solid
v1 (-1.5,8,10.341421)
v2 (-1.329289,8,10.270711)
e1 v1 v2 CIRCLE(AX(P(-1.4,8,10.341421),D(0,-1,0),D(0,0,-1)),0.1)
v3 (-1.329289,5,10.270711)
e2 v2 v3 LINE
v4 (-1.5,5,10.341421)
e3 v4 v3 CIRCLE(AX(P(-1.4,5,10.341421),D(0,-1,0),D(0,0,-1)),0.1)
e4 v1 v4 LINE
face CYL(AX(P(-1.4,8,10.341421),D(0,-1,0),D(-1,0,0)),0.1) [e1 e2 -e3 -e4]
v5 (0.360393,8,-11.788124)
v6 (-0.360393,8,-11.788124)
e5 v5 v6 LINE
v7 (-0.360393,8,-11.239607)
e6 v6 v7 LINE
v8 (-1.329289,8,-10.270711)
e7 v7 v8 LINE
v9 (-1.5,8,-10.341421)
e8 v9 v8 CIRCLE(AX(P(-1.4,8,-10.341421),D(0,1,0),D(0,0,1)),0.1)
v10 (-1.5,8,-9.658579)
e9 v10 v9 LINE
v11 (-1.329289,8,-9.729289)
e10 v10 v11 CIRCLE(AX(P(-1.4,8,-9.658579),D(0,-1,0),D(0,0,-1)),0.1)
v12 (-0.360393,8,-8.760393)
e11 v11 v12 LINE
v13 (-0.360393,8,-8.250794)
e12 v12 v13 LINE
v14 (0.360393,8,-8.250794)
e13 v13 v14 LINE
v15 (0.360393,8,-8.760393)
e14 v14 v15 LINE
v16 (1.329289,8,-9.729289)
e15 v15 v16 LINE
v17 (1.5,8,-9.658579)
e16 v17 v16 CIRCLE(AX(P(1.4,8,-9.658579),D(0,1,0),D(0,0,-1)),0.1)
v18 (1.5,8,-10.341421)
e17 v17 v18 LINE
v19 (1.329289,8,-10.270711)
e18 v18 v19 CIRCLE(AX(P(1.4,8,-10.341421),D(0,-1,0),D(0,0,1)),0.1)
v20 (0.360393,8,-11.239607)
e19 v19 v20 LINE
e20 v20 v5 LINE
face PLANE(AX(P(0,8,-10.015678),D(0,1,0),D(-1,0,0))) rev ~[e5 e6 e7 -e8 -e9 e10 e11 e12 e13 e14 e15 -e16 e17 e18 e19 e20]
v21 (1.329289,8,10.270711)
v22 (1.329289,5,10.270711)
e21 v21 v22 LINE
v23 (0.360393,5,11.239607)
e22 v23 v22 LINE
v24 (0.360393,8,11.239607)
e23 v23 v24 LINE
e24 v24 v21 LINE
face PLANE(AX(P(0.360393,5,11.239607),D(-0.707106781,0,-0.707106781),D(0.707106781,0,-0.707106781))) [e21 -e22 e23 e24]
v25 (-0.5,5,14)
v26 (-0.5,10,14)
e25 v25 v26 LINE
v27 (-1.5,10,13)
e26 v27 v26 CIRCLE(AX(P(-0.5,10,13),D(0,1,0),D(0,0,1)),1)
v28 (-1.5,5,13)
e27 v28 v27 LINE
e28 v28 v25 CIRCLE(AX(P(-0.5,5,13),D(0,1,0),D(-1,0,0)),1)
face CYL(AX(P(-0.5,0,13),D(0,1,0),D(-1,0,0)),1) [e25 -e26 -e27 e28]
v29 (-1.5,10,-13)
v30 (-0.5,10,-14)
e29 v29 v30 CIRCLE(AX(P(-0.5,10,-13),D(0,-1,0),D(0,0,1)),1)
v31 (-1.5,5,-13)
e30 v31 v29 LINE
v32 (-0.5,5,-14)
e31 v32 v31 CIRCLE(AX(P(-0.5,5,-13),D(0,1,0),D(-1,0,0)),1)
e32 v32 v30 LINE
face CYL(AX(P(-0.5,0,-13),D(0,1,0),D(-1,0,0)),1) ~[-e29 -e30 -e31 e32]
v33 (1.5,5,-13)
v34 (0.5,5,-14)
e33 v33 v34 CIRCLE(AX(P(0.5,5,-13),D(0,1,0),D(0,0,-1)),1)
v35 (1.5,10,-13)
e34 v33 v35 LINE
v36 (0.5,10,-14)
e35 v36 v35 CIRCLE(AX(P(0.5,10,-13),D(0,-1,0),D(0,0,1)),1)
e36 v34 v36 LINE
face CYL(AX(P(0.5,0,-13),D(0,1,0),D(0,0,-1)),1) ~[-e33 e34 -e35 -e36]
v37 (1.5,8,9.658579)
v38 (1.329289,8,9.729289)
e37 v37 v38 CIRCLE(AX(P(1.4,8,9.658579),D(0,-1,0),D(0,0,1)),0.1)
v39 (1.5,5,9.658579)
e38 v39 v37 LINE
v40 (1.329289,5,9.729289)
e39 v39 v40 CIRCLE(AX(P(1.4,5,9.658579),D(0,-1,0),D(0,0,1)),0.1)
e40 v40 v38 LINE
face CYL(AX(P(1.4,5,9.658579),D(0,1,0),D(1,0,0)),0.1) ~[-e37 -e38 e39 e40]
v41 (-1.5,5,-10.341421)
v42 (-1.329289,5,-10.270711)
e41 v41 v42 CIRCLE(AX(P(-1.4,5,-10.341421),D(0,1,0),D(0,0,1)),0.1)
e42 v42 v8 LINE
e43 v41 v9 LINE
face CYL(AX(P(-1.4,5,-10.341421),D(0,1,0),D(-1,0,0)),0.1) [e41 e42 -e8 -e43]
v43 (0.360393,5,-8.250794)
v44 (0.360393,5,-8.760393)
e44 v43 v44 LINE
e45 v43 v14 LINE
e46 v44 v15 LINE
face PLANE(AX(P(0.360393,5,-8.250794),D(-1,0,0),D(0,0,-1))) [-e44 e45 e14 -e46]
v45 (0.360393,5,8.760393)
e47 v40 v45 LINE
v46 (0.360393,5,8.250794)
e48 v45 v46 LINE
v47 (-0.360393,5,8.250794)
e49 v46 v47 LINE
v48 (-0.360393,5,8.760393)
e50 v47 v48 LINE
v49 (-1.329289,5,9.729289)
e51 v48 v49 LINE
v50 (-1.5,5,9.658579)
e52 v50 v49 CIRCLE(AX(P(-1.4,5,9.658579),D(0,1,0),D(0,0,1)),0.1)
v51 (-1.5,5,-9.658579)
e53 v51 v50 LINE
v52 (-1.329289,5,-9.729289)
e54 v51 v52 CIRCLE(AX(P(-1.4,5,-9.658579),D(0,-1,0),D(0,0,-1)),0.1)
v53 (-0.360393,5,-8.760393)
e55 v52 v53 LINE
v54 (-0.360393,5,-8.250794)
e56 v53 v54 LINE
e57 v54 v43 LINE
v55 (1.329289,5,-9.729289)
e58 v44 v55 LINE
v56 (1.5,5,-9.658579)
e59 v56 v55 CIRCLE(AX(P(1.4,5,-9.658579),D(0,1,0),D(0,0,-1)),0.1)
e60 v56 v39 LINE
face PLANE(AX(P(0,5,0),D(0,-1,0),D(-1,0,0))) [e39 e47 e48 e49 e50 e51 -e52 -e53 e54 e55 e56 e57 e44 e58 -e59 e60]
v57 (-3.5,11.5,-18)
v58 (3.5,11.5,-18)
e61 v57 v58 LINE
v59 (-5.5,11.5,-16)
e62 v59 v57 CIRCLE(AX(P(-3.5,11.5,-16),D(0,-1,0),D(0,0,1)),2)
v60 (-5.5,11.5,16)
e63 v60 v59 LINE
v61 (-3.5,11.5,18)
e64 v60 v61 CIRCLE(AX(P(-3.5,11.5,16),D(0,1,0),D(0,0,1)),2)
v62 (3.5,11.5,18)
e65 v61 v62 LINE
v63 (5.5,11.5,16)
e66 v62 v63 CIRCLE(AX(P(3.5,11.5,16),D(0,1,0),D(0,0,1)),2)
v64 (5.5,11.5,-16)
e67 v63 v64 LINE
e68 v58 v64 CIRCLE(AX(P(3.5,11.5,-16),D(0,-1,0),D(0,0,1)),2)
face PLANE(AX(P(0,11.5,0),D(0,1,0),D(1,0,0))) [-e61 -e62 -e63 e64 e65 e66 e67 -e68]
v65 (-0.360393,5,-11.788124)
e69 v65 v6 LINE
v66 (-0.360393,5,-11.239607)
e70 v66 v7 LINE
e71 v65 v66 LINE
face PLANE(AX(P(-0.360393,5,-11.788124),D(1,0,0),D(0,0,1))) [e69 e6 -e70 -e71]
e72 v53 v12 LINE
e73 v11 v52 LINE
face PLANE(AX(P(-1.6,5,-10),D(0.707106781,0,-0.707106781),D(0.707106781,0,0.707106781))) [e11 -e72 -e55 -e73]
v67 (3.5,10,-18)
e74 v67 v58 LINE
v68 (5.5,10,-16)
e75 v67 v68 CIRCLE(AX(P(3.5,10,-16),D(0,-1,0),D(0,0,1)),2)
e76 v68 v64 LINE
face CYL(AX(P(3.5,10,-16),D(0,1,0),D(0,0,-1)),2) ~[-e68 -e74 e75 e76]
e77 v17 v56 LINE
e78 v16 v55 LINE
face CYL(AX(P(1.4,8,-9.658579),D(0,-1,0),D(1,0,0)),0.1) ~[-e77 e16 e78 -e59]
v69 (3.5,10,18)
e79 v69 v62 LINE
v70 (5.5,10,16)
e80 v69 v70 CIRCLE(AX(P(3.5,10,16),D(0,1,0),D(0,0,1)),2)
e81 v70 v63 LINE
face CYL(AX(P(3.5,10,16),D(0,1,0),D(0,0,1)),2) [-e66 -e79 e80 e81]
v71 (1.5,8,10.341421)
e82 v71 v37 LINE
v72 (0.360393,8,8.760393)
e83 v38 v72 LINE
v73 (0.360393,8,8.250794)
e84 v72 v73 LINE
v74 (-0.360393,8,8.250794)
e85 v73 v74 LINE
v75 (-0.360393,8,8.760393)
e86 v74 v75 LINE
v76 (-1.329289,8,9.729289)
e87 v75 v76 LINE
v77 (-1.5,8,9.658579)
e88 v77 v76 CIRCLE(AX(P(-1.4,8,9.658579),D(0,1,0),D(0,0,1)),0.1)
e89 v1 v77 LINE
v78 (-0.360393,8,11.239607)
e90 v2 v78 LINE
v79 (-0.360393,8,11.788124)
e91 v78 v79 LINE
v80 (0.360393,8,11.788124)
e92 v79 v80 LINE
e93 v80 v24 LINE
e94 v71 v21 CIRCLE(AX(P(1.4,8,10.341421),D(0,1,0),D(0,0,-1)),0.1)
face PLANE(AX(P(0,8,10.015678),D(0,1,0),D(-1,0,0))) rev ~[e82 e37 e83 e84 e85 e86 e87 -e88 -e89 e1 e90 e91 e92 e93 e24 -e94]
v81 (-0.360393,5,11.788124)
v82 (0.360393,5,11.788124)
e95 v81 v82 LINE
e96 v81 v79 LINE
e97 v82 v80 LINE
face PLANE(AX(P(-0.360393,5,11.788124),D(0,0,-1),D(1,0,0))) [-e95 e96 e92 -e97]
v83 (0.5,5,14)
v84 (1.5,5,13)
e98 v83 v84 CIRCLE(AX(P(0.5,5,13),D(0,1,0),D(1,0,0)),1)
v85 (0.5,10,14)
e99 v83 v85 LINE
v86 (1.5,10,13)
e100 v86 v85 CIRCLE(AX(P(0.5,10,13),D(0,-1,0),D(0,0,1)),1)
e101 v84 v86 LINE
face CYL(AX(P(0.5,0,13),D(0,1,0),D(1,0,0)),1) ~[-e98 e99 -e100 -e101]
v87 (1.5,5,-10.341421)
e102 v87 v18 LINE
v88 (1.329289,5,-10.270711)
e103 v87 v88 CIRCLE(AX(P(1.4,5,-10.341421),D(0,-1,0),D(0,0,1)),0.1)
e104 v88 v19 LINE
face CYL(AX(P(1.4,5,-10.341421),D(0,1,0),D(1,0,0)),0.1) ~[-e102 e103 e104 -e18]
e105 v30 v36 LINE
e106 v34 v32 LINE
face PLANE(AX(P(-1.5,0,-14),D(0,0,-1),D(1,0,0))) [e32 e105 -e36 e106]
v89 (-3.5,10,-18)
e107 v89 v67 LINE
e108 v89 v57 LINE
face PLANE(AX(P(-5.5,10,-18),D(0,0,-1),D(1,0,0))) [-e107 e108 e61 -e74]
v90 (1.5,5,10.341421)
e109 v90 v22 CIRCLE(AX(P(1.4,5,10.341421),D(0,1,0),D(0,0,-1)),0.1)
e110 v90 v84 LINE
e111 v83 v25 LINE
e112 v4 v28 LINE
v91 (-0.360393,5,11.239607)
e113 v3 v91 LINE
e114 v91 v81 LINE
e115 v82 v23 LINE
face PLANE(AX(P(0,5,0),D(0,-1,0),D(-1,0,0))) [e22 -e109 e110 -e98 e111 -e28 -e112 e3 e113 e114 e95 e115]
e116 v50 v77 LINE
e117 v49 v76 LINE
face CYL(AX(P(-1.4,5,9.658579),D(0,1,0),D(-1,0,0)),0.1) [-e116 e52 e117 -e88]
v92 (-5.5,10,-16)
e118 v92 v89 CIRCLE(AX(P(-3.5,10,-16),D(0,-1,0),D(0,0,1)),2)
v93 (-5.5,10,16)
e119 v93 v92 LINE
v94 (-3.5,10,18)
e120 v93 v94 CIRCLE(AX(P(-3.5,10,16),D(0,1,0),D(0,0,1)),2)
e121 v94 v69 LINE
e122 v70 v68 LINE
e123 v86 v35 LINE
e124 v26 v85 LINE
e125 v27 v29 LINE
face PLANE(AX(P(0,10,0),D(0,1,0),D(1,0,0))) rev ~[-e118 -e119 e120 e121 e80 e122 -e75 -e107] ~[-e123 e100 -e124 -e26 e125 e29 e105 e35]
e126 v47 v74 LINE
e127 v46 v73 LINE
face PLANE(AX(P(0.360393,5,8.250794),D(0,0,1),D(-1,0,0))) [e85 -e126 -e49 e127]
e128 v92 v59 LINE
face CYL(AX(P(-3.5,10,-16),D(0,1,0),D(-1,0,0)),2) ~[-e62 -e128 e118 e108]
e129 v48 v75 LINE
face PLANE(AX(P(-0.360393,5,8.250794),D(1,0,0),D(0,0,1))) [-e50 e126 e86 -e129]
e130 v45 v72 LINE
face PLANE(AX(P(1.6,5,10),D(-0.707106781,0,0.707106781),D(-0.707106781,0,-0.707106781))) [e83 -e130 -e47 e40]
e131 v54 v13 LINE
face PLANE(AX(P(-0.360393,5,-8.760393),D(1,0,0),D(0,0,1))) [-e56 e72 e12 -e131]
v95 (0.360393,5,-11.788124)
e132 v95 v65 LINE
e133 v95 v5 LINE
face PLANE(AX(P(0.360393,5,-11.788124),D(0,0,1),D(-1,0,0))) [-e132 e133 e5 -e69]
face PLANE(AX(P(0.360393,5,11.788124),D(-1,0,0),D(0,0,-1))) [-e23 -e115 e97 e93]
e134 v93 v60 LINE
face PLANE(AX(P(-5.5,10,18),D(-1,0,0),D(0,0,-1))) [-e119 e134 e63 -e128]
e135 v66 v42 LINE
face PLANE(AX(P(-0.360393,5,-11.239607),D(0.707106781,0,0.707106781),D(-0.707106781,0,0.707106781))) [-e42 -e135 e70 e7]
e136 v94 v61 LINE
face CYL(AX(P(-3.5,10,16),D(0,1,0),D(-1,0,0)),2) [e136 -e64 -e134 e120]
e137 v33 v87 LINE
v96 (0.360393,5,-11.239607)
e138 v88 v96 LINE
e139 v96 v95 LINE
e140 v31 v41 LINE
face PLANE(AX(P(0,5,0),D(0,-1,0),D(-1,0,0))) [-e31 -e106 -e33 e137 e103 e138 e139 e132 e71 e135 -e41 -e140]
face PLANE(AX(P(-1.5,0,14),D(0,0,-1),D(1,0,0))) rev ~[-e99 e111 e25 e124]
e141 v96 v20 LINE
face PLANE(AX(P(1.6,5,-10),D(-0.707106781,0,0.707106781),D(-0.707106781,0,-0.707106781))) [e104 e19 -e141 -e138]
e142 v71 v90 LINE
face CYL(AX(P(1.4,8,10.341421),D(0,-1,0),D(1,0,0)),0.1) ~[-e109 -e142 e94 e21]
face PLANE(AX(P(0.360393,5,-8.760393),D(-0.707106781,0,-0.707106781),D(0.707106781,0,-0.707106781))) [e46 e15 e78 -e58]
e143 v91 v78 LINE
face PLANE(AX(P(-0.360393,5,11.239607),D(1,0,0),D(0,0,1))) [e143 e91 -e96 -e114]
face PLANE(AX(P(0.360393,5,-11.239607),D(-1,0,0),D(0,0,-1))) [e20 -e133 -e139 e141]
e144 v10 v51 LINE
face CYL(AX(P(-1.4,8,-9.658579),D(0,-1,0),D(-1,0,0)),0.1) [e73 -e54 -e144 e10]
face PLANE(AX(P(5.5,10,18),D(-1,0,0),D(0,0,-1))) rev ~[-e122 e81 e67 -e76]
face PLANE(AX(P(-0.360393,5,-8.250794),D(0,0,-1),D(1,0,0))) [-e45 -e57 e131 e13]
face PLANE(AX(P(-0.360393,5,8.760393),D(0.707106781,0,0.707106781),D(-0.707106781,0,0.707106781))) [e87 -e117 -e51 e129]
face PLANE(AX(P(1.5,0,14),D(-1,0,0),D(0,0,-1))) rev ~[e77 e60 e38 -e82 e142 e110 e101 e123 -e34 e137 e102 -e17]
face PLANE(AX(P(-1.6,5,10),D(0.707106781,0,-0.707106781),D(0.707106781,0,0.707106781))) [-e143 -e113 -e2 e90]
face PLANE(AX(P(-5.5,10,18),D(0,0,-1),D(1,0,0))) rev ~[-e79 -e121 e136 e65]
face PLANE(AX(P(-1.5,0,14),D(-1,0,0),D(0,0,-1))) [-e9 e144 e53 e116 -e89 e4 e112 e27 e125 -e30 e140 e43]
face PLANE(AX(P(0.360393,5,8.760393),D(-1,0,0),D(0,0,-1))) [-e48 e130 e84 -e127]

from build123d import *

# Parameters (mm, degrees)
SKETCH_1_W          = 3
SKETCH_1_H          = 28
EXTRUDE_1_DEPTH     = 10
SKETCH_2_W          = 11
SKETCH_2_H          = 24
EXTRUDE_2_DEPTH     = 1.5
FILLET_1_R          = 1
SKETCH_3_W          = 11
SKETCH_3_H          = 36
EXTRUDE_3_DEPTH     = 1.5
FILLET_3_R          = 1
SKETCH_5_W          = 11
SKETCH_5_H          = 30
CUT_EXTRUDE_1_DEPTH = 6.5
CUT_EXTRUDE_2_DEPTH = 3
FILLET_4_R          = 2
FILLET_5_R          = 0.1


with BuildPart() as part:
    # Эскиз1 → Бобышка-Вытянуть1 (new body)
    with BuildSketch(Plane(origin=(0, 0, 0), x_dir=(1, 0, 0), z_dir=(0, 1, 0))):
        Rectangle(SKETCH_1_W, SKETCH_1_H)
    extrude(amount=EXTRUDE_1_DEPTH)

    # Эскиз2 → Бобышка-Вытянуть2 (add)
    with BuildSketch(Plane.XZ):
        Rectangle(SKETCH_2_W, SKETCH_2_H)
    extrude(amount=EXTRUDE_2_DEPTH)

    # Скругление1
    fillet_1_edges = [part.edges().sort_by_distance(p)[0] for p in [
        (-1.5, 5, -14),
        (1.5, 5, -14),
        (1.5, 5, 14),
        (-1.5, 5, 14),
    ]]
    fillet(fillet_1_edges, radius=FILLET_1_R)

    # Эскиз3 → Бобышка-Вытянуть3 (add)
    with BuildSketch(Plane(origin=(0, 10, 0), x_dir=(1, 0, 0), z_dir=(0, 1, 0))):
        Rectangle(SKETCH_3_W, SKETCH_3_H)
    extrude(amount=EXTRUDE_3_DEPTH)

    # Скругление3
    fillet_3_edges = [part.edges().sort_by_distance(p)[0] for p in [
        (5.5, -0.75, -12),
        (5.5, -0.75, 12),
        (-5.5, -0.75, 12),
        (-5.5, -0.75, -12),
    ]]
    fillet(fillet_3_edges, radius=FILLET_3_R)

    # Эскиз5 → Вырез-Вытянуть1 (cut)
    with BuildSketch(Plane(origin=(0, -1.5, 0), x_dir=(-1, 0, 0), z_dir=(0, -1, 0))):
        Rectangle(SKETCH_5_W, SKETCH_5_H)
    extrude(amount=-CUT_EXTRUDE_1_DEPTH, mode=Mode.SUBTRACT)

    # Эскиз6 → Вырез-Вытянуть2 (cut)
    with BuildSketch(Plane.XZ.offset(-5)):
        Polygon((-1.6, -10), (-0.360392927, -8.760392927), (-0.360392927, -8.250794149), (0.360392927, -8.250794149), (0.360392927, -8.760392927), (1.6, -10), (0.360392927, -11.239607073), (0.360392927, -11.788123746), (-0.360392927, -11.788123746), (-0.360392927, -11.239607073), align=None)
        Polygon((-0.360392927, 11.788123746), (0.360392927, 11.788123746), (0.360392927, 11.239607073), (1.6, 10), (0.360392927, 8.760392927), (0.360392927, 8.250794149), (-0.360392927, 8.250794149), (-0.360392927, 8.760392927), (-1.6, 10), (-0.360392927, 11.239607073), align=None)
    extrude(amount=-CUT_EXTRUDE_2_DEPTH, mode=Mode.SUBTRACT)

    # Скругление4
    fillet_4_edges = [part.edges().sort_by_distance(p)[0] for p in [
        (-5.5, 10.75, -18),
        (-5.5, 10.75, 18),
        (5.5, 10.75, 18),
        (5.5, 10.75, -18),
    ]]
    fillet(fillet_4_edges, radius=FILLET_4_R)

    # Скругление5
    fillet_5_edges = [part.edges().sort_by_distance(p)[0] for p in [
        (1.5, 6.5, 10.1),
        (1.5, 6.5, 9.9),
        (-1.5, 6.5, 9.9),
        (-1.5, 6.5, 10.1),
        (1.5, 6.5, -9.9),
        (1.5, 6.5, -10.1),
        (-1.5, 6.5, -10.1),
        (-1.5, 6.5, -9.9),
    ]]
    fillet(fillet_5_edges, radius=FILLET_5_R)


solid = part.part
